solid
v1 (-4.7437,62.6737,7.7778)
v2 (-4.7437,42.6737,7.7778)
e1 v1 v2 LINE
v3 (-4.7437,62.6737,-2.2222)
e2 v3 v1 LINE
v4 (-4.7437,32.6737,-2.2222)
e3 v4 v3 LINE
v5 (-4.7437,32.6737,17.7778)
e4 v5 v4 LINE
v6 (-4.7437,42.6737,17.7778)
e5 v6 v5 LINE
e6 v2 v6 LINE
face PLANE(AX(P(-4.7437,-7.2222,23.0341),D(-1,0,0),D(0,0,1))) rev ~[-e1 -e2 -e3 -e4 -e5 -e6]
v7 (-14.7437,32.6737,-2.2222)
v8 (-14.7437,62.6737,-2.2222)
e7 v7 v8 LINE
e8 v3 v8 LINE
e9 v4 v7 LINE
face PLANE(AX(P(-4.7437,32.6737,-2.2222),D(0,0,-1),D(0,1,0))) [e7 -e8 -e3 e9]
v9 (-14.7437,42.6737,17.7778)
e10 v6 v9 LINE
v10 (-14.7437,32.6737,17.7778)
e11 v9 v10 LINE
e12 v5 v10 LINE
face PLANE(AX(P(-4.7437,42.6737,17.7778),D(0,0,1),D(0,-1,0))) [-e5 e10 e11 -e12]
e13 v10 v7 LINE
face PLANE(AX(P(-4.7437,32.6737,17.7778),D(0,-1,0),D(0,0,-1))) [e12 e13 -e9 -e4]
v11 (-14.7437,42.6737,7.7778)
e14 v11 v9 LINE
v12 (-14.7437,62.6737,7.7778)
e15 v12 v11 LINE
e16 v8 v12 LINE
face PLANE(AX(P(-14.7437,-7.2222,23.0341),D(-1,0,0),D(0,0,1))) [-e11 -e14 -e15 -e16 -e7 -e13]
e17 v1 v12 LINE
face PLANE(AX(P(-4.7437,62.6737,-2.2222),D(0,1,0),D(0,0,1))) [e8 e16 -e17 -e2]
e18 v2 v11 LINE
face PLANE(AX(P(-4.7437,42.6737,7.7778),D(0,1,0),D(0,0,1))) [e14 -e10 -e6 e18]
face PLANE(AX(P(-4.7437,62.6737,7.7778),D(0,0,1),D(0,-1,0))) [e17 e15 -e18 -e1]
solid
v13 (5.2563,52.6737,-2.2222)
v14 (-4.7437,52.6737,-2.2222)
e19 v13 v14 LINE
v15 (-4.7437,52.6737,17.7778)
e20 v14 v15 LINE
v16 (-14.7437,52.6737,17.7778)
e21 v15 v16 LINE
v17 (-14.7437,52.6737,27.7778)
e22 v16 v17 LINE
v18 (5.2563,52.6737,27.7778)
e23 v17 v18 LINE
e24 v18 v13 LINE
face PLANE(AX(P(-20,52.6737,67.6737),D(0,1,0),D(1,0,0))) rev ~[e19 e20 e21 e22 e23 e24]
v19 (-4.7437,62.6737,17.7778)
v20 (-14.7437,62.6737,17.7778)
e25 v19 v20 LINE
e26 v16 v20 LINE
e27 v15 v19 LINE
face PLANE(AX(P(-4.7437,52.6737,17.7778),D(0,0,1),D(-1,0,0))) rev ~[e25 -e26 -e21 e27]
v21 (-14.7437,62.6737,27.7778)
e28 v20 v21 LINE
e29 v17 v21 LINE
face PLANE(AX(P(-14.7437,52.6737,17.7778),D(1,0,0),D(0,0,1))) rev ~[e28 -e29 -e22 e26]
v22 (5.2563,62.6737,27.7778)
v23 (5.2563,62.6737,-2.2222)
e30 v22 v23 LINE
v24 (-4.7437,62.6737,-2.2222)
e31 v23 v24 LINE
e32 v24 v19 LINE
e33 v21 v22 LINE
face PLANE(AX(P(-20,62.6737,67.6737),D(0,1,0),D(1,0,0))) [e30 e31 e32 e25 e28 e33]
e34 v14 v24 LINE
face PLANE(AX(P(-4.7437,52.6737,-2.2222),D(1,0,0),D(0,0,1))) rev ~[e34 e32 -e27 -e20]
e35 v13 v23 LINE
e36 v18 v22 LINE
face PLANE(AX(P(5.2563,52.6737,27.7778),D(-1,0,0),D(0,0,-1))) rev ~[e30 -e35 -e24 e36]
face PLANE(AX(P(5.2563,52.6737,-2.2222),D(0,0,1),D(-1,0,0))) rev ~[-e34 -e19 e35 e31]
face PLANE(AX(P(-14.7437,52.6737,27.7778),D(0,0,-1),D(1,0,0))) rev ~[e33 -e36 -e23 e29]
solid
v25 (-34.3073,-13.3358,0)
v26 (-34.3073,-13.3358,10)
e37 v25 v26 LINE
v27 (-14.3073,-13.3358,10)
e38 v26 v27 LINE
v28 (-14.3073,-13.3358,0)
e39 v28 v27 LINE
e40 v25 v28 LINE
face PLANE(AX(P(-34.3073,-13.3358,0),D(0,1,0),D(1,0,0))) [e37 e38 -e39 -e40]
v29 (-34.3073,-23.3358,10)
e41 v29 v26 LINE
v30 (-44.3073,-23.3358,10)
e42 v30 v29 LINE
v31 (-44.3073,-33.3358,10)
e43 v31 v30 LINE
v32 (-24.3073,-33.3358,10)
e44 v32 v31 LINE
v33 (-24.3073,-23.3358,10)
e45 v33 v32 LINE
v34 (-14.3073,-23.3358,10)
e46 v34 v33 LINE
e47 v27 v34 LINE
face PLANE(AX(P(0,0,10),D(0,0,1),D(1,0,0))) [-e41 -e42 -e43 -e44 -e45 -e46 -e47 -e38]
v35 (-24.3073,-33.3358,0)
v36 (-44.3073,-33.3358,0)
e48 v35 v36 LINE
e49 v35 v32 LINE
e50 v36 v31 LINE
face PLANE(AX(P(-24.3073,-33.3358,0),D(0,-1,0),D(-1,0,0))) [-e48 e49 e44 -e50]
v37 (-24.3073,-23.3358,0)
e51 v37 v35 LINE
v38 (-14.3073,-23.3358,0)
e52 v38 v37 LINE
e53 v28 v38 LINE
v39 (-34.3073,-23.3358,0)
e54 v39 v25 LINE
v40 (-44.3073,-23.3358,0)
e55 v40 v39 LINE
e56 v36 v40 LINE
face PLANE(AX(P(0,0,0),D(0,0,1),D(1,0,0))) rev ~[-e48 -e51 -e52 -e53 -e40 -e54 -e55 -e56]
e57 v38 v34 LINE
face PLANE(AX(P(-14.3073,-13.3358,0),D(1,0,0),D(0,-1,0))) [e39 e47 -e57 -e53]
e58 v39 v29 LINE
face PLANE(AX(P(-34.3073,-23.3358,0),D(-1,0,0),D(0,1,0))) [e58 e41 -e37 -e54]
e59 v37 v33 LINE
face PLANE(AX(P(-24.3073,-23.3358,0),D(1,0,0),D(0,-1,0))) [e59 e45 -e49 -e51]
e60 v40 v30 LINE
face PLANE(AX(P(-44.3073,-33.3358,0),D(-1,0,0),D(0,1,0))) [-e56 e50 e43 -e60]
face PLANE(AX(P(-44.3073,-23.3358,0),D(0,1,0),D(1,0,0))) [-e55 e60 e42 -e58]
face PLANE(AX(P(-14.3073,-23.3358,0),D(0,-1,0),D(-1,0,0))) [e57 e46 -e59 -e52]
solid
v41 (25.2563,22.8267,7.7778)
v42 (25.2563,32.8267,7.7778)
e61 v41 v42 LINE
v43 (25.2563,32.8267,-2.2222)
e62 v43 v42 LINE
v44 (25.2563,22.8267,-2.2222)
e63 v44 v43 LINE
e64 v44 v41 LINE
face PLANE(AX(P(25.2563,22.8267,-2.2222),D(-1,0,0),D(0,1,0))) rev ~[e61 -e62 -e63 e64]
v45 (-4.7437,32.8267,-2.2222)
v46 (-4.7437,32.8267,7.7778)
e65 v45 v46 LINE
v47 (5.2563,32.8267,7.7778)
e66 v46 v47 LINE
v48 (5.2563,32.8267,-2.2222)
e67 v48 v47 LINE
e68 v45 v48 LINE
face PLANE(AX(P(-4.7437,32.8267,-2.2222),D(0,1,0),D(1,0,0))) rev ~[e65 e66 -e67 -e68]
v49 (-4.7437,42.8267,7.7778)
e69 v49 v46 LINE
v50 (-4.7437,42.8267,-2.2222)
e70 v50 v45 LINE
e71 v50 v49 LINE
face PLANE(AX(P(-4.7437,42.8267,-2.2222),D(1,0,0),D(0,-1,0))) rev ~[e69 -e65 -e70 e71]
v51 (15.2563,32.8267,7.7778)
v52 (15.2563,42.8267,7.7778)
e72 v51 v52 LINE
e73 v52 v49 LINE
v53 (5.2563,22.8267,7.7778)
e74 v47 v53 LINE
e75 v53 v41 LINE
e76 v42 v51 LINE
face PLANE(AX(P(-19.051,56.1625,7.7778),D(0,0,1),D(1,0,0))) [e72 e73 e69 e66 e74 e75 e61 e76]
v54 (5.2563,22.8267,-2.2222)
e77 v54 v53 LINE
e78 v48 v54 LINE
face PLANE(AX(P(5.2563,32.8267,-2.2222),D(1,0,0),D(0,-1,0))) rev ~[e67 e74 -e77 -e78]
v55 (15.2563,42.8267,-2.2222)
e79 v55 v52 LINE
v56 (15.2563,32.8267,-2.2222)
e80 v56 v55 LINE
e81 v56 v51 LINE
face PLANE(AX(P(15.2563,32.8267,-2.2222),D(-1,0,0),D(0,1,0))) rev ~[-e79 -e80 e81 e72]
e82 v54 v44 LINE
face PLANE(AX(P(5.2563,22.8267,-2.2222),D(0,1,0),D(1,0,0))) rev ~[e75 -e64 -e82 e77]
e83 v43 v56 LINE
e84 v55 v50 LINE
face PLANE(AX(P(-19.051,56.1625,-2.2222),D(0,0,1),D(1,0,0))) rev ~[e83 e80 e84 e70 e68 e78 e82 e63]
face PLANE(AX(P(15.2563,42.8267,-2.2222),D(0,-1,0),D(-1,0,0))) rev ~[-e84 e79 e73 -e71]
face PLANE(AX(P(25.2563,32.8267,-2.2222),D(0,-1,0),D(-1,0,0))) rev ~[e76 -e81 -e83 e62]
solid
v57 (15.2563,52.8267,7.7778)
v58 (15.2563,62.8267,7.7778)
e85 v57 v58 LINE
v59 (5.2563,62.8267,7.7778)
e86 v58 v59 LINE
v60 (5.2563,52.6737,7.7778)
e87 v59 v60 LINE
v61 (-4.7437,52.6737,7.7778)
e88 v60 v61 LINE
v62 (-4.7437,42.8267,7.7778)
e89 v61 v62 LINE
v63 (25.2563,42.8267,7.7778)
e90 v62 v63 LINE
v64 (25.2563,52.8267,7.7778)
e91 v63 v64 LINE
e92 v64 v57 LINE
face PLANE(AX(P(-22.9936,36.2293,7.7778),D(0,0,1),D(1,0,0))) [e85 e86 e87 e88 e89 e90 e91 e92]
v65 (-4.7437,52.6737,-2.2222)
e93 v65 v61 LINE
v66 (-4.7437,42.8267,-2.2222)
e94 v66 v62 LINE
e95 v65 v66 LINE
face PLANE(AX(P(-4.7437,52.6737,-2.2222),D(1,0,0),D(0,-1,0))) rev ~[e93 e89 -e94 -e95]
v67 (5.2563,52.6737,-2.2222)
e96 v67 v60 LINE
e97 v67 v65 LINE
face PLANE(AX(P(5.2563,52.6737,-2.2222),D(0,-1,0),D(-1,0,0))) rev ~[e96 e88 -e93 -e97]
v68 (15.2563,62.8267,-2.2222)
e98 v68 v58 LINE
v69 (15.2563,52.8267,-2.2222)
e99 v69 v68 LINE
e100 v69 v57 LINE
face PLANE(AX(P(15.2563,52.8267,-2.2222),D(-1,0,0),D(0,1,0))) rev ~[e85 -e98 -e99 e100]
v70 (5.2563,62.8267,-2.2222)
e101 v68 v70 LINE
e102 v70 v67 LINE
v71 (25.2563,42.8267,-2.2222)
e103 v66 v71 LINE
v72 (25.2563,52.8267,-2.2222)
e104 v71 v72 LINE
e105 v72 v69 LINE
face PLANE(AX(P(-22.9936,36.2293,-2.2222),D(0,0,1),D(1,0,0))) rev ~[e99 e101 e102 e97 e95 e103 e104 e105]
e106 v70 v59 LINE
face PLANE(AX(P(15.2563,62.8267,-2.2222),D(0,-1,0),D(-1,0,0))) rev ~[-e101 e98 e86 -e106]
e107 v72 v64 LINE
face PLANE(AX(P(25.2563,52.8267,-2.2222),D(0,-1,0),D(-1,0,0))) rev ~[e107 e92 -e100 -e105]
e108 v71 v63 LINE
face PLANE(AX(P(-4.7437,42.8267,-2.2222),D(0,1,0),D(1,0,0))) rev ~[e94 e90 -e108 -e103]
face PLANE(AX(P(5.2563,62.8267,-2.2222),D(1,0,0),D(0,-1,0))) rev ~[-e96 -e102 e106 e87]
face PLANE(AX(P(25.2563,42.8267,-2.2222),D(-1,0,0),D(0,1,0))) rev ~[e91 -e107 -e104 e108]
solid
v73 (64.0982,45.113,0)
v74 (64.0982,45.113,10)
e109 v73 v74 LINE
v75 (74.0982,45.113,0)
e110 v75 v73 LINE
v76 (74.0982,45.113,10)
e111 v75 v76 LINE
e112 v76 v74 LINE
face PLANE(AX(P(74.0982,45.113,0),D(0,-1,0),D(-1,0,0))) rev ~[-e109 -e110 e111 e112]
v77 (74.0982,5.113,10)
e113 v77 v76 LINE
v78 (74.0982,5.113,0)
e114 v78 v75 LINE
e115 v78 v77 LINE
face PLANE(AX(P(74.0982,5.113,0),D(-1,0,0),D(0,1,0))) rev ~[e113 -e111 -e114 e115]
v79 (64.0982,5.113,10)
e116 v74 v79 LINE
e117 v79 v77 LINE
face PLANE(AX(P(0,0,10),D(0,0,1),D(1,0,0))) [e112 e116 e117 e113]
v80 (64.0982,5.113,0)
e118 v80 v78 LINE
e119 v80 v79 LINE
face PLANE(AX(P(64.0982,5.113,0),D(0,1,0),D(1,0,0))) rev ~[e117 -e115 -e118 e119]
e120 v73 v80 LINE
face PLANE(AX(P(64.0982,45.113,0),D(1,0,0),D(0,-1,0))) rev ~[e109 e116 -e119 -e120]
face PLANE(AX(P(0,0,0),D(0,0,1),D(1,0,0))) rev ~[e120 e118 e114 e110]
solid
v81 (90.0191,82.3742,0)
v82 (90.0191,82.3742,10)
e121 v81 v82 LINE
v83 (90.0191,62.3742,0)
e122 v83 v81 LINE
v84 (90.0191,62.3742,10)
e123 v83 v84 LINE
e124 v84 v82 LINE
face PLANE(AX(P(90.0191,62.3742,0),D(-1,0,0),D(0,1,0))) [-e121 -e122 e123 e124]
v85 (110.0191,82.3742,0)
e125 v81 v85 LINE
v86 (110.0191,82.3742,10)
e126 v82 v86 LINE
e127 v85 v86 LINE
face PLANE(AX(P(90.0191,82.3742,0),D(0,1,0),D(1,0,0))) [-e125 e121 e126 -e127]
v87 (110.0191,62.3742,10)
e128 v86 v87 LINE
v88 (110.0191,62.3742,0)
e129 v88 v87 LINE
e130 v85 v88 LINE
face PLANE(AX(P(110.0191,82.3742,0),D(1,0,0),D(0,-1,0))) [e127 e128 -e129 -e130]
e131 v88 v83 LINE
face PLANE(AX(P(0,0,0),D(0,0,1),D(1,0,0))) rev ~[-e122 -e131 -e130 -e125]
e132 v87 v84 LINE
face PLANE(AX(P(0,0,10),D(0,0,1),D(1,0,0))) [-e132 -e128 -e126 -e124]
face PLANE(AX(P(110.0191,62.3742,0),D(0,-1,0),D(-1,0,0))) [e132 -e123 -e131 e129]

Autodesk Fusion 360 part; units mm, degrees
sketch "Sketch1" plane through (0, 0, 0) normal (0, 0, 1) x (1, 0, 0)
  line L0 (18.2499, 6.5974) -> (48.2499, 6.5974)
  line L1 (48.2499, 6.5974) -> (48.2499, 16.5974)
  line L2 (48.2499, 16.5974) -> (38.2499, 16.5974)
  line L3 (38.2499, 16.5974) -> (38.2499, 26.5974)
  line L4 (38.2499, 26.5974) -> (28.2499, 26.5974)
  line L5 (28.2499, 26.5974) -> (28.2499, 16.4444)
  line L6 (28.2499, 16.4444) -> (18.2499, 16.4444)
  line L7 (18.2499, 16.4444) -> (18.2499, 6.5974)
  line L8 (64.0982, 5.113) -> (74.0982, 5.113)
  line L9 (74.0982, 5.113) -> (74.0982, 45.113)
  line L10 (74.0982, 45.113) -> (64.0982, 45.113)
  line L11 (64.0982, 45.113) -> (64.0982, 5.113)
  line L12 (14.3073, -13.3358) -> (14.3073, -23.3358)
  line L13 (14.3073, -23.3358) -> (24.3073, -23.3358)
  line L14 (24.3073, -23.3358) -> (24.3073, -33.3358)
  line L15 (24.3073, -33.3358) -> (44.3073, -33.3358)
  line L16 (44.3073, -33.3358) -> (44.3073, -23.3358)
  line L17 (44.3073, -23.3358) -> (34.3073, -23.3358)
  line L18 (34.3073, -23.3358) -> (34.3073, -13.3358)
  line L19 (34.3073, -13.3358) -> (14.3073, -13.3358)
  line L20 (0, 0) -> (0, -43.8232) construction
  line L21 (-24.3073, -33.3358) -> (-44.3073, -33.3358)
  line L22 (-14.3073, -23.3358) -> (-24.3073, -23.3358)
  line L23 (-14.3073, -13.3358) -> (-14.3073, -23.3358)
  line L24 (-24.3073, -23.3358) -> (-24.3073, -33.3358)
  line L25 (-44.3073, -33.3358) -> (-44.3073, -23.3358)
  line L26 (-34.3073, -13.3358) -> (-14.3073, -13.3358)
  line L27 (-34.3073, -23.3358) -> (-34.3073, -13.3358)
  line L28 (-44.3073, -23.3358) -> (-34.3073, -23.3358)
  line L29 (15.2563, 69.8959) -> (15.2563, 49.8959)
  line L30 (15.2563, 49.8959) -> (5.2563, 49.8959)
  line L31 (5.2563, 49.8959) -> (5.2563, 39.8959)
  line L32 (5.2563, 39.8959) -> (25.2563, 39.8959)
  line L33 (25.2563, 39.8959) -> (25.2563, 69.8959)
  line L34 (25.2563, 69.8959) -> (15.2563, 69.8959)
  line L35 (-25.2563, 69.8959) -> (-15.2563, 69.8959)
  line L36 (-25.2563, 39.8959) -> (-25.2563, 69.8959)
  line L37 (-5.2563, 39.8959) -> (-25.2563, 39.8959)
  line L38 (-15.2563, 69.8959) -> (-15.2563, 49.8959)
  line L39 (-5.2563, 49.8959) -> (-5.2563, 39.8959)
  line L40 (-15.2563, 49.8959) -> (-5.2563, 49.8959)
  line L41 (110.0191, 62.3742) -> (90.0191, 62.3742)
  line L42 (90.0191, 62.3742) -> (90.0191, 82.3742)
  line L43 (90.0191, 82.3742) -> (110.0191, 82.3742)
  line L44 (110.0191, 82.3742) -> (110.0191, 62.3742)
  line L45 (110.0191, 62.3742) -> (90.0191, 82.3742) construction
  line L46 (90.0191, 62.3742) -> (110.0191, 82.3742) construction
  dimension "d2" = 10
  dimension "d3" = 10
  dimension "d4" = 40
  dimension "d5" = 20
  dimension "d6" = 10
  dimension "d7" = 30
  dimension "d8" = 10
  dimension "d9" = 20
extrude "Extrude1" add sketch "Sketch1" along normal blind 10 makes body 1 at (31.5832, 9.8797, 0) makes body 2 at (-21.923, 53.2292, 0) makes body 3 at (64.0982, 31.7797, 3.3333) makes body 4 at (-34.3073, -30.0024, 0) makes body 5 at (21.923, 53.2292, 0) makes body 6 at (103.3524, 69.0408, 0) makes body 7 at (34.3073, -30.0024, 0)
copy_body "Body->Comp1" bodies 1 removing the originals makes body 8 in component "Component"
copy_body "Body->Comp2" bodies 2 removing the originals makes body 9 in component "Component'"
copy_body "Body->Comp3" bodies 3 removing the originals makes body 10 in component "Component''"
copy_body "Body->Comp4" bodies 7 removing the originals makes body 11 in component "Component'''"
copy_body "Body->Comp5" bodies 4 removing the originals makes body 12 in component "Component''''"
copy_body "Body->Comp6" bodies 5 removing the originals makes body 13 in component "Component'''''"
copy_body "Body->Comp7" bodies 6 removing the originals makes body 14 in component "Component''''''"
component "Component" placed x (1, 0, 0) y (0, 1, 0) z (0, 0, 1) at (-22.9936, 36.2293, -2.2222)
component "Component'" placed x (0, 0, 1) y (0, 1, 0) z (-1, 0, 0) at (-4.7437, -7.2222, 23.0341)
component "Component''" placed x (1, 0, 0) y (0, 1, 0) z (0, 0, 1) at (0, 0, 0)
component "Component'''" placed x (1, 0, 0) y (0, 1, 0) z (0, 0, 1) at (-19.051, 56.1625, -2.2222)
component "Component''''" placed x (1, 0, 0) y (0, 1, 0) z (0, 0, 1) at (0, 0, 0)
component "Component'''''" placed x (1, 0, 0) y (0, 0, -1) z (0, 1, 0) at (-20, 52.6737, 67.6737)
component "Component''''''" placed x (1, 0, 0) y (0, 1, 0) z (0, 0, 1) at (0, 0, 0)
equation "b = 10 mm"
equation "d2 = b"
equation "d3 = b"
equation "d4 = b * 4"
equation "d5 = b * 2"
equation "d6 = b"
equation "d7 = b * 3"
equation "d8 = b"
equation "d9 = b * 2"
equation "d10 = b"
